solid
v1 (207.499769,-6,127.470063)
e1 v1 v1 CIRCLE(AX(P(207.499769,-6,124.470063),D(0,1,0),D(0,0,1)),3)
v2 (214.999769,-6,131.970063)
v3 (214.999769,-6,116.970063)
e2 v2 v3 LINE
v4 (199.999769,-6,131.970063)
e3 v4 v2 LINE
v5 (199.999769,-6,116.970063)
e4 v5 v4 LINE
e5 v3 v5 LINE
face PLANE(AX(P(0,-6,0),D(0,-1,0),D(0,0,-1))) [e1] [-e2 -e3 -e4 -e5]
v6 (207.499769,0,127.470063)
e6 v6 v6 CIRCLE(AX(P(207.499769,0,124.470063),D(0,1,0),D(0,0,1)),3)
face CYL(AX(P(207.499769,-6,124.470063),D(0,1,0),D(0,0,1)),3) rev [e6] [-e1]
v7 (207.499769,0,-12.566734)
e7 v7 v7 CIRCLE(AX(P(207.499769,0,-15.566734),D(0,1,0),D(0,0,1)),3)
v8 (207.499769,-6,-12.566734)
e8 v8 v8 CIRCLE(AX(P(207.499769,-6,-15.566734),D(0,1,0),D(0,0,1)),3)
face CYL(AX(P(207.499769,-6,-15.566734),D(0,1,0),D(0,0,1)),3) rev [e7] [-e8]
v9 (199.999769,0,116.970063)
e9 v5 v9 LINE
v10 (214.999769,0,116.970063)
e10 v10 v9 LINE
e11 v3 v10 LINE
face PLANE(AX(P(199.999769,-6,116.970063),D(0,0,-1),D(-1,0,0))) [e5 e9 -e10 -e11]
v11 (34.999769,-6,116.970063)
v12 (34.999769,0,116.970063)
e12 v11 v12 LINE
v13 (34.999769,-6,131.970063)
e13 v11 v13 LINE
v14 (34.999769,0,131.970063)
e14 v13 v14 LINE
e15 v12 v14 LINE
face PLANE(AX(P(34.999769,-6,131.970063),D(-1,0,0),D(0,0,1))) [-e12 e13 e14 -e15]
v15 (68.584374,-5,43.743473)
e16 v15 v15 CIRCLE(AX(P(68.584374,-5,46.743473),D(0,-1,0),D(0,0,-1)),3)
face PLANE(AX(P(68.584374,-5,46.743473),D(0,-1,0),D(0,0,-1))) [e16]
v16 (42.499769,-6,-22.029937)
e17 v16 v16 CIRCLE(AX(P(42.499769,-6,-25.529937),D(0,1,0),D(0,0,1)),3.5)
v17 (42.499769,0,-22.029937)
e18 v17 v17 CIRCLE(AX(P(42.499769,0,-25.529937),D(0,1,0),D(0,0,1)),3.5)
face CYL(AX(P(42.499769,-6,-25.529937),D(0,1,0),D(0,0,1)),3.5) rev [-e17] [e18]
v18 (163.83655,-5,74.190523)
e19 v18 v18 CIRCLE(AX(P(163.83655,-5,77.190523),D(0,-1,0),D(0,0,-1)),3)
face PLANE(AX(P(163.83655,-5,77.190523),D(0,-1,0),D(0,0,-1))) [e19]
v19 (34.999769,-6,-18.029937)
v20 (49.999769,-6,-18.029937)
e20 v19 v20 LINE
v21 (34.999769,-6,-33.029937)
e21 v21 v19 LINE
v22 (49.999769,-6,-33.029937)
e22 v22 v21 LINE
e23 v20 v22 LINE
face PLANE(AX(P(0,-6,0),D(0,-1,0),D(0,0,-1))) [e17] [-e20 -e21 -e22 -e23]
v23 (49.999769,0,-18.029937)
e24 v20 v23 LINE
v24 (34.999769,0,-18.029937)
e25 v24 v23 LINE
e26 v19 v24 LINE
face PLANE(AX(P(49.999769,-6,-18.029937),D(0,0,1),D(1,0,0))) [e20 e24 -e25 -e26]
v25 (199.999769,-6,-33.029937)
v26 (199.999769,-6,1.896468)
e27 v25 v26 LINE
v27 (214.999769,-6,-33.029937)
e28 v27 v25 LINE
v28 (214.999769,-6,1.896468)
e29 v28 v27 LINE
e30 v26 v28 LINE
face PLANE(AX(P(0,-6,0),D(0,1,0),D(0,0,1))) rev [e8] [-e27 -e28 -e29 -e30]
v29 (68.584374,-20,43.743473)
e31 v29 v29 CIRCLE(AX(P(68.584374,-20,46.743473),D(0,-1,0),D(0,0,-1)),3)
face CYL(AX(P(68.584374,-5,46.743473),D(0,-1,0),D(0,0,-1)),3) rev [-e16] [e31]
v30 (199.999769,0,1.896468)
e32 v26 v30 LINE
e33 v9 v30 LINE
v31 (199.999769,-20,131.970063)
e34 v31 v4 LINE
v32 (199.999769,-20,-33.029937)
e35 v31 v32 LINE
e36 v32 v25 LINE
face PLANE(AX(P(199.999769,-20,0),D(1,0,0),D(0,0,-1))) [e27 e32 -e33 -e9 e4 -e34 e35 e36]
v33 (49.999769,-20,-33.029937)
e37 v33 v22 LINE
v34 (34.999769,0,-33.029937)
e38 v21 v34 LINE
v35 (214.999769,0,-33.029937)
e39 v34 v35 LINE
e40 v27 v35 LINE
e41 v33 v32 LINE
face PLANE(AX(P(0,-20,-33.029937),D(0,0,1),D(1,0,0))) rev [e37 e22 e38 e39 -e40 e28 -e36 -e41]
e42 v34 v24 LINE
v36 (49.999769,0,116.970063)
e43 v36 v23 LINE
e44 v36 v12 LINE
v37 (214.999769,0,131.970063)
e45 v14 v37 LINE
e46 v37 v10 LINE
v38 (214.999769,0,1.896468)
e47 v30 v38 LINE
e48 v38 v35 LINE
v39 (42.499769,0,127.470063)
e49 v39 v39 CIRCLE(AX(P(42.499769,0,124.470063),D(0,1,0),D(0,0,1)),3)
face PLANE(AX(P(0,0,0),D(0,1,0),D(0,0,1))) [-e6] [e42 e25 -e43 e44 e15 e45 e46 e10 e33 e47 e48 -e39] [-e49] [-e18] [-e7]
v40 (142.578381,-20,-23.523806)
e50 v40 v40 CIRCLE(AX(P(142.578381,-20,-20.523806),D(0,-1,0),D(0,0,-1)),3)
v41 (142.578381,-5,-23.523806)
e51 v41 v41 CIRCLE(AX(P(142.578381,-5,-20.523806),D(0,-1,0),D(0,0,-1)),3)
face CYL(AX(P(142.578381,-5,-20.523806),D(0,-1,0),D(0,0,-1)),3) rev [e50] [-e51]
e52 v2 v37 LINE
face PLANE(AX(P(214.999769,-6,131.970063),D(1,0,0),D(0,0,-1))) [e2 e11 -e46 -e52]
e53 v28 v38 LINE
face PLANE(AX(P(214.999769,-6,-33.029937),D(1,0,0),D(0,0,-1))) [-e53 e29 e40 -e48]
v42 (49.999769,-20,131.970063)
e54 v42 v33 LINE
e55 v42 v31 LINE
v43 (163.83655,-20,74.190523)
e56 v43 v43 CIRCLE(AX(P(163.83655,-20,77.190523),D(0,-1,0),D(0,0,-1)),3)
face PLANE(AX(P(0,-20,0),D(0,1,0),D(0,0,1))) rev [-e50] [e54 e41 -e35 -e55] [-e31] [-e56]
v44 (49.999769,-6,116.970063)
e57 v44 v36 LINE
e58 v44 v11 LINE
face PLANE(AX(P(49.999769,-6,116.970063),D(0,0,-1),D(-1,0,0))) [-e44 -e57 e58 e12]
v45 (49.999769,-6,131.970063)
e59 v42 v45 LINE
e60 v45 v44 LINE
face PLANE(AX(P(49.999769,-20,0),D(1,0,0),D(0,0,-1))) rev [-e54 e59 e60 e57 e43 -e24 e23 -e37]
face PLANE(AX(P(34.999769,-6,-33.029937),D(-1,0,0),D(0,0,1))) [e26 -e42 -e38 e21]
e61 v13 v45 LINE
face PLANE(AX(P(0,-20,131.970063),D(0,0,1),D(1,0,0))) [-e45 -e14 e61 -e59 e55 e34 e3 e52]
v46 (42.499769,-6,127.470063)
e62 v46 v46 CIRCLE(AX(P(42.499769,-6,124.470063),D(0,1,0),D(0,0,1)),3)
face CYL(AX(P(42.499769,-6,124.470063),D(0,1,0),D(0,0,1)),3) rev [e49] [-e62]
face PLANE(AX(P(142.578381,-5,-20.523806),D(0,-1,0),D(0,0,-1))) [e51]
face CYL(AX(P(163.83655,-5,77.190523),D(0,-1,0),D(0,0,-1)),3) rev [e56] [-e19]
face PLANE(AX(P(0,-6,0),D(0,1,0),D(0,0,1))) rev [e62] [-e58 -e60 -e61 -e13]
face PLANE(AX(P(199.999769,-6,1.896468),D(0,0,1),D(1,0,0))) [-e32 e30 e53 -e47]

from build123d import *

# Parameters (mm, degrees)
SKETCH_1_W          = 150
SKETCH_1_H          = 165
EXTRUDE_1_DEPTH     = 20
SKETCH_2_W          = 15
SKETCH_2_H          = 15
SKETCH_2_R          = 3.5
SKETCH_2_H_2        = 34.926404716
SKETCH_2_R_2        = 3
EXTRUDE_2_DEPTH     = 6
SKETCH_4_R          = 3
CUT_EXTRUDE_1_DEPTH = 15


with BuildPart() as part:
    # Эскиз1 → Бобышка-Вытянуть1 (new body)
    with BuildSketch(Plane(origin=(0, 0, 0), x_dir=(1, 0, 0), z_dir=(0, 1, 0))):
        with Locations((124.999768599, -49.470063243)):
            Rectangle(SKETCH_1_W, SKETCH_1_H)
    extrude(amount=-EXTRUDE_1_DEPTH)

    # Эскиз2 → Бобышка-Вытянуть2 (add)
    # profile 1 of 4: a face of its own
    with BuildSketch(Plane(origin=(0, 0, 0), x_dir=(1, 0, 0), z_dir=(0, 1, 0))):
        with Locations((42.499768599, 25.529936757)):
            Rectangle(SKETCH_2_W, SKETCH_2_H)
        with Locations(Location((42.499768599, 25.529936757, 0), (0, 0, 270))):
            Circle(SKETCH_2_R, mode=Mode.SUBTRACT)
    # profile 2 of 4: a face of its own
    with BuildSketch(Plane(origin=(0, 0, 0), x_dir=(1, 0, 0), z_dir=(0, 1, 0))):
        with Locations((207.499768599, 15.566734399)):
            Rectangle(SKETCH_2_W, SKETCH_2_H_2)
        with Locations(Location((207.499768599, 15.566734399, 0), (0, 0, 270))):
            Circle(SKETCH_2_R_2, mode=Mode.SUBTRACT)
    # profile 3 of 4: a face of its own
    with BuildSketch(Plane(origin=(0, 0, 0), x_dir=(1, 0, 0), z_dir=(0, 1, 0))):
        with Locations((207.499768599, -124.470063243)):
            Rectangle(SKETCH_2_W, SKETCH_2_H)
        with Locations(Location((207.499768599, -124.470063243, 0), (0, 0, 270))):
            Circle(SKETCH_2_R_2, mode=Mode.SUBTRACT)
    # profile 4 of 4: a face of its own
    with BuildSketch(Plane(origin=(0, 0, 0), x_dir=(1, 0, 0), z_dir=(0, 1, 0))):
        with Locations((42.499768599, -124.470063243)):
            Rectangle(SKETCH_2_W, SKETCH_2_H)
        with Locations(Location((42.499768599, -124.470063243, 0), (0, 0, 270))):
            Circle(SKETCH_2_R_2, mode=Mode.SUBTRACT)
    extrude(amount=-EXTRUDE_2_DEPTH)

    # Эскиз4 → Вырез-Вытянуть1 (cut)
    with BuildSketch(Plane.XZ.offset(20)):
        with Locations(Location((163.836550468, 77.190523299, 0), (0, 0, 270))):
            Circle(SKETCH_4_R)
        with Locations(Location((142.578381334, -20.523806485, 0), (0, 0, 270))):
            Circle(SKETCH_4_R)
        with Locations(Location((68.584373995, 46.743472914, 0), (0, 0, 270))):
            Circle(SKETCH_4_R)
    extrude(amount=-CUT_EXTRUDE_1_DEPTH, mode=Mode.SUBTRACT)


solid = part.part
